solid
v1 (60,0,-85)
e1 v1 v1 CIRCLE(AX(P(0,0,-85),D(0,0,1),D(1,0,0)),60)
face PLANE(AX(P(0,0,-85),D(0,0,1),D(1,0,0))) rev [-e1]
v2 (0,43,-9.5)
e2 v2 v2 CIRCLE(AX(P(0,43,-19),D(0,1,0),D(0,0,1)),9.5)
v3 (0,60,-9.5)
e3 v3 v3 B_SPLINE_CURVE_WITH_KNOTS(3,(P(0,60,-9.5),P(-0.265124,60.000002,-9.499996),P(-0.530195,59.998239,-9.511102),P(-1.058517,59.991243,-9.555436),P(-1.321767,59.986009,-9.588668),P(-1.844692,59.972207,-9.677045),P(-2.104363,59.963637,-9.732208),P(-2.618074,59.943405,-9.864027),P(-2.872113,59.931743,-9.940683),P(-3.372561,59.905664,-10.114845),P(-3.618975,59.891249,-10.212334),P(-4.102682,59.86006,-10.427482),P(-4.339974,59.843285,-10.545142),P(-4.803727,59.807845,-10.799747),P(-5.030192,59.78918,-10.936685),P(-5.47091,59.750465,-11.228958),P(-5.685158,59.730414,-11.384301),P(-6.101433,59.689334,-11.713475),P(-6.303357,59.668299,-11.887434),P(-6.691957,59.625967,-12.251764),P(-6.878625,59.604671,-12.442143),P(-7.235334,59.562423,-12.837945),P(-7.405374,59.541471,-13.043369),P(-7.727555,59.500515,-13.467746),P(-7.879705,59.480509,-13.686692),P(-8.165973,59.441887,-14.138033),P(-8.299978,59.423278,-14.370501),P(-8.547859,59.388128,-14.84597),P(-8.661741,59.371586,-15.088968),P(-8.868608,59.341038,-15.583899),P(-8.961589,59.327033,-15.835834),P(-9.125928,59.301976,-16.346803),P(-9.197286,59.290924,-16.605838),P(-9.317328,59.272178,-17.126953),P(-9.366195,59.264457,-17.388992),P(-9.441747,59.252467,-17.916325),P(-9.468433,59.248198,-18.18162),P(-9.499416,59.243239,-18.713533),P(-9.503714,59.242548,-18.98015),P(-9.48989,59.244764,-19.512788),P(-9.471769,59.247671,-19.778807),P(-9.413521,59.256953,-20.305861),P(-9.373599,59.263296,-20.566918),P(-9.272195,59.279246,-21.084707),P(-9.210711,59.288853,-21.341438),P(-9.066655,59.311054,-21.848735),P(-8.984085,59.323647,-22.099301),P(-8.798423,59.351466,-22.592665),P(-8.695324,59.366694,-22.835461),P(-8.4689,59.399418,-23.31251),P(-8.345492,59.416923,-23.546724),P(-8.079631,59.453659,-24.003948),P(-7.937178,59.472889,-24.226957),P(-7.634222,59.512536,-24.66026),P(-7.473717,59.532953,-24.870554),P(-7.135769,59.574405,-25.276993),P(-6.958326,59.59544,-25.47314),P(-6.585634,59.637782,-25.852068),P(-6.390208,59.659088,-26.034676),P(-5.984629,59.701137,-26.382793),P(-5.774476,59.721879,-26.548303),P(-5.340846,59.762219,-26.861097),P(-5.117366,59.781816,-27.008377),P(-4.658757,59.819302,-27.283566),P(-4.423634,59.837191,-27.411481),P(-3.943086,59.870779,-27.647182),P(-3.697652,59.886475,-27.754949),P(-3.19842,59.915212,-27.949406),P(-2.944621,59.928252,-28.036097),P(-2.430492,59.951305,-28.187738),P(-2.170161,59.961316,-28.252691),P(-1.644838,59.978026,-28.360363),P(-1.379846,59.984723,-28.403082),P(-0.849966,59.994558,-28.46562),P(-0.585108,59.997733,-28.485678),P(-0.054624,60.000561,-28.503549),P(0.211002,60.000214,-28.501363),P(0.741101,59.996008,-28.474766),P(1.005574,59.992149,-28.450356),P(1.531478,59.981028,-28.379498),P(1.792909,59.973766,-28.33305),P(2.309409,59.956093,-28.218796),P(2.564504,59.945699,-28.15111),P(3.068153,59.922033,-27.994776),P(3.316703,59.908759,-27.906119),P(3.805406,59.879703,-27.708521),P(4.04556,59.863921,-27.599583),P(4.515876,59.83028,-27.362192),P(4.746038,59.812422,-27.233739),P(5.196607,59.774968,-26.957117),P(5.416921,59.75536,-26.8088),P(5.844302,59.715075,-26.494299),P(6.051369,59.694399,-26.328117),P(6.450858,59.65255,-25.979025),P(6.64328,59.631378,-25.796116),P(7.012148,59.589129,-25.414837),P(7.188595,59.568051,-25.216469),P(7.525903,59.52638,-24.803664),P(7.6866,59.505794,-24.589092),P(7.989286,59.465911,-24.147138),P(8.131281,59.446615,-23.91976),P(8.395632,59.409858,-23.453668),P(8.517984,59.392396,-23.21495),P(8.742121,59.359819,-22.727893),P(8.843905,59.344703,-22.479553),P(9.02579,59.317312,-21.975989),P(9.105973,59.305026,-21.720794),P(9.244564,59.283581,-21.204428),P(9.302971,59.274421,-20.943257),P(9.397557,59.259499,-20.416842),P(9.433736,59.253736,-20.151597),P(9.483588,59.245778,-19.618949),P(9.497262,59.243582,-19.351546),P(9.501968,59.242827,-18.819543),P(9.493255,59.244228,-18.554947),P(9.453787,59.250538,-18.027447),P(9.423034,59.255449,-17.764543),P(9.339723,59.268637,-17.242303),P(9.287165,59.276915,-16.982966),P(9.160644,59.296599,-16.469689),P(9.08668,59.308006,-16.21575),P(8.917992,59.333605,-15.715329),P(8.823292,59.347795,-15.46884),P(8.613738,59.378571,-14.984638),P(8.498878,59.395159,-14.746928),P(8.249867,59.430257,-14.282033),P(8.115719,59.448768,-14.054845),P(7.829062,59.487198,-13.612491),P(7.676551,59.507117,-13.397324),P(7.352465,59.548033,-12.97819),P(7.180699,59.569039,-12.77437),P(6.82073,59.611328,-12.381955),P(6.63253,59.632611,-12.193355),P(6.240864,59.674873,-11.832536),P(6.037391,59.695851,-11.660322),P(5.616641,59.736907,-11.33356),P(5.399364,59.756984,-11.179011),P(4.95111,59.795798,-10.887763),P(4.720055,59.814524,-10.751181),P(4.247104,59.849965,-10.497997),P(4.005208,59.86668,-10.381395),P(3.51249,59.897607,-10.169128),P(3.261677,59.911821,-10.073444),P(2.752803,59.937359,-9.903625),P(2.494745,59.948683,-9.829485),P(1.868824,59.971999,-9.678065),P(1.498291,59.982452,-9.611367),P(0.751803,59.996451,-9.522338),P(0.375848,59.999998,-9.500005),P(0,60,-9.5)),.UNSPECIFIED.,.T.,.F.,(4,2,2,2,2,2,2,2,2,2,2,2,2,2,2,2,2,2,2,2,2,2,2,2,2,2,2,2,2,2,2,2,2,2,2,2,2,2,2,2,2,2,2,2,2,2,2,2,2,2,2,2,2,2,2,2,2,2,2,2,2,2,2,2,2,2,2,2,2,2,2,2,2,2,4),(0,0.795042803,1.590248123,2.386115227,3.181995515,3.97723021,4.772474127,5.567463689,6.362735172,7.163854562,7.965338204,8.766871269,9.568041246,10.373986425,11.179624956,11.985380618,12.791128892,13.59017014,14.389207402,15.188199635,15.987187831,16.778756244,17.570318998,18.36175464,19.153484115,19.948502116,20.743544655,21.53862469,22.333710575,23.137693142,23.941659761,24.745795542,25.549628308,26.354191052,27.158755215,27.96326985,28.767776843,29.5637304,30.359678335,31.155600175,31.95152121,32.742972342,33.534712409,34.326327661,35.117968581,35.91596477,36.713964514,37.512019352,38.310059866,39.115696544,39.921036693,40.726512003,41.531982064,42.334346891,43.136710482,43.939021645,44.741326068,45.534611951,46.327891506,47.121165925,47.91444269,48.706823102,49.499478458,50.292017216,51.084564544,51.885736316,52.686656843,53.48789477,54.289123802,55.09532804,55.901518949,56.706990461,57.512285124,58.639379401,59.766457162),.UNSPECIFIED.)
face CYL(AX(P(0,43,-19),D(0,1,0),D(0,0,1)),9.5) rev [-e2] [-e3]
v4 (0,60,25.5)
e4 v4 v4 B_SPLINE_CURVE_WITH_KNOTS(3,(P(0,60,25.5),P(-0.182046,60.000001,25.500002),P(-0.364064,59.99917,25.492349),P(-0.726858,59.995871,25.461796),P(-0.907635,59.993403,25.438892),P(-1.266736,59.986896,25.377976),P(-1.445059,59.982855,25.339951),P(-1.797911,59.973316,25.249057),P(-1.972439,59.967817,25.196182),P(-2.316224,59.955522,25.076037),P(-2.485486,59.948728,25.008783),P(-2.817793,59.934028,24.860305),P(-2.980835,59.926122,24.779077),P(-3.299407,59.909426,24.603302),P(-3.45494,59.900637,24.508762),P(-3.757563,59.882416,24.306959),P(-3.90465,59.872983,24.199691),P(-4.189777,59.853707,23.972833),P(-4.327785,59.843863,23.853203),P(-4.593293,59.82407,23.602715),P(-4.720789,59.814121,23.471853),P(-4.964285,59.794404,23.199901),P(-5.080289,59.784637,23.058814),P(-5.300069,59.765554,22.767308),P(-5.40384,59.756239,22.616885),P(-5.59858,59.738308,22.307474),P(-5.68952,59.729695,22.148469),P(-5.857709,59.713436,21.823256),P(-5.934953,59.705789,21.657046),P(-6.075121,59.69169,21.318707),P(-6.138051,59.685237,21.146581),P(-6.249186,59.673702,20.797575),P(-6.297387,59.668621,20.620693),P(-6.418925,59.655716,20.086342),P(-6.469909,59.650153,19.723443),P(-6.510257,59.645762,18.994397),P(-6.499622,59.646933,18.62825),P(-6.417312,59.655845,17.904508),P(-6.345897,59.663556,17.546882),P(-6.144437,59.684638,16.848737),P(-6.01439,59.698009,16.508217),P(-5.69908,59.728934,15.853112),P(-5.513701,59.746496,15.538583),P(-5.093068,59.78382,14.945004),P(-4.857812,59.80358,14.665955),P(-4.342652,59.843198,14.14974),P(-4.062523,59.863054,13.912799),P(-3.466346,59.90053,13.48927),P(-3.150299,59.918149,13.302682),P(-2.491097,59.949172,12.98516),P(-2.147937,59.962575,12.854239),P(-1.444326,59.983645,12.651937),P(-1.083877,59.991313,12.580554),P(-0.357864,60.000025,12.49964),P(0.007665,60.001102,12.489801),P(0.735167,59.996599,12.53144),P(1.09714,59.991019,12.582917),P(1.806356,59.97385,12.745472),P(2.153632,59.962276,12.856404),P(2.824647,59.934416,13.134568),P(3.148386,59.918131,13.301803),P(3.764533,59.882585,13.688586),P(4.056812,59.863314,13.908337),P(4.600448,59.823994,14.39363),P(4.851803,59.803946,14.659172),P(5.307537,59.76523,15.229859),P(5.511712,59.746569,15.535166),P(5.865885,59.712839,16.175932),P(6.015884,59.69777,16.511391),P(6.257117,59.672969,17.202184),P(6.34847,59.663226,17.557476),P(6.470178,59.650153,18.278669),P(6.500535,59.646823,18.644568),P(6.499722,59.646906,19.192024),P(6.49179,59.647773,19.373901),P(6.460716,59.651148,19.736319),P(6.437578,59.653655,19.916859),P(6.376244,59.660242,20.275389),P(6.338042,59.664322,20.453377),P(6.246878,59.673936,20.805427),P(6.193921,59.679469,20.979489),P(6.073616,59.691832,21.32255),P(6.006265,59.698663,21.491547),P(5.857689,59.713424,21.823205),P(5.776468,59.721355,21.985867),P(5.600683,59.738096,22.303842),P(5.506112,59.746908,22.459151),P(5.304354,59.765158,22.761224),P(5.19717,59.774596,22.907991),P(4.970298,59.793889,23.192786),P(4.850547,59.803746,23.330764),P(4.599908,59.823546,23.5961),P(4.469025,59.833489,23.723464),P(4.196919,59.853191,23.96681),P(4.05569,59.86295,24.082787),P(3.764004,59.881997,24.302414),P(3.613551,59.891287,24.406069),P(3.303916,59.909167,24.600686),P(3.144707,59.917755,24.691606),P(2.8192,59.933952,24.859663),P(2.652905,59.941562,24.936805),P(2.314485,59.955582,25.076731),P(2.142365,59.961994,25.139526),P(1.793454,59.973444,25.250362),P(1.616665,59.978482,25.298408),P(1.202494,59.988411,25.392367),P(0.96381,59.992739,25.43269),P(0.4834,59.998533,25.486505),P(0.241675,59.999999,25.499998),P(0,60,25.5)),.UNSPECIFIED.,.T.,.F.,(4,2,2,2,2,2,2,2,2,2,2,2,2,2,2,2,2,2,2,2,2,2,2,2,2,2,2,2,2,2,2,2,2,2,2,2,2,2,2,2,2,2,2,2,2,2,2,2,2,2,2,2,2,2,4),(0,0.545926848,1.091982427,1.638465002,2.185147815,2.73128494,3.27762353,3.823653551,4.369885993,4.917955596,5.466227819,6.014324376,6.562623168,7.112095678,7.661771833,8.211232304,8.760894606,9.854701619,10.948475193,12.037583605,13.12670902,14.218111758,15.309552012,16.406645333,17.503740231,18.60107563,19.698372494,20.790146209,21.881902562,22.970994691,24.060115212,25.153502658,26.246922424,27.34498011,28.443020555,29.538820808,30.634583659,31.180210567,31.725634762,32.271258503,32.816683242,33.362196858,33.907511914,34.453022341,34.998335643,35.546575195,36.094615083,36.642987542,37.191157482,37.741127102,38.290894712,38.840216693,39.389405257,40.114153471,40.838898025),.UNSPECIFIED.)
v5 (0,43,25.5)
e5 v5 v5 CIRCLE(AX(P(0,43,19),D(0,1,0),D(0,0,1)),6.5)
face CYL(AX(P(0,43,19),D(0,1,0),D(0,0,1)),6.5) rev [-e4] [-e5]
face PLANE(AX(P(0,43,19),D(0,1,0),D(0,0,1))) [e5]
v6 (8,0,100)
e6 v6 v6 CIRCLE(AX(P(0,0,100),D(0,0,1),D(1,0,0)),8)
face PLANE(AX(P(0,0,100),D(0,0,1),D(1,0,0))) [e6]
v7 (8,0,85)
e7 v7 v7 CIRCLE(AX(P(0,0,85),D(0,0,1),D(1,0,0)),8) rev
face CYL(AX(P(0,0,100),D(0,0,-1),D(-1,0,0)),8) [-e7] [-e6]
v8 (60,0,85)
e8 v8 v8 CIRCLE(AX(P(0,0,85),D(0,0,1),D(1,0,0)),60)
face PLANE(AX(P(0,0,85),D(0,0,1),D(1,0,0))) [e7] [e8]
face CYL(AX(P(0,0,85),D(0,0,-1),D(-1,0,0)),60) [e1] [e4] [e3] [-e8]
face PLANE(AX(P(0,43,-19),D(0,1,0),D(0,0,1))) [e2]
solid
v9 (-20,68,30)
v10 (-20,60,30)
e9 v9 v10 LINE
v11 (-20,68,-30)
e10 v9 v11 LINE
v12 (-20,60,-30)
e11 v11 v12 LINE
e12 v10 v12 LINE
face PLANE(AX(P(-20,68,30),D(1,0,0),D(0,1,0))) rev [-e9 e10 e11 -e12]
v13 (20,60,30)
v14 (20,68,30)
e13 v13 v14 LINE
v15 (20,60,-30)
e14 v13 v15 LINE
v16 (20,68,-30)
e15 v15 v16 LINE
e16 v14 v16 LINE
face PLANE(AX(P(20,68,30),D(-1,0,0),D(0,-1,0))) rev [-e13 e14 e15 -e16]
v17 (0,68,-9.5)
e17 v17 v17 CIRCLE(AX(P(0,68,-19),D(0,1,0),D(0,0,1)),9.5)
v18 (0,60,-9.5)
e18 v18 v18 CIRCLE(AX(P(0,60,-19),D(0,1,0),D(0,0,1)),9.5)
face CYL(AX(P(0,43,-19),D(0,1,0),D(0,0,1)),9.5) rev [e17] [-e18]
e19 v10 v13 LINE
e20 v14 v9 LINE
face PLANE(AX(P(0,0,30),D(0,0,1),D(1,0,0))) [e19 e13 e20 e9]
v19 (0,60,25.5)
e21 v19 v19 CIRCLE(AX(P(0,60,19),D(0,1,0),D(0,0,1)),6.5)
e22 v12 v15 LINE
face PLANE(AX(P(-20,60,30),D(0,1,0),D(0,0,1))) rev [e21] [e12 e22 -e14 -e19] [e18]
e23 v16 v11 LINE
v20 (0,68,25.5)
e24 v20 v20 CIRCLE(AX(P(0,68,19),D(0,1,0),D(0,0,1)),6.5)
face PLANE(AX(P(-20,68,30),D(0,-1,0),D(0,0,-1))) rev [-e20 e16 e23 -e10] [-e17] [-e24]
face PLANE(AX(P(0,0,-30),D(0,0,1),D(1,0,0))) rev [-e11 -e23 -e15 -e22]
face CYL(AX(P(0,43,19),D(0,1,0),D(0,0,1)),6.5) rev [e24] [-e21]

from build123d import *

# Parameters (mm, degrees)
SKETCH1_R           = 60
BOSS_EXTRUDE2_DEPTH = 85
SKETCH2_W           = 40
SKETCH2_H           = 8
BOSS_EXTRUDE3_DEPTH = 30
SKETCH3_R           = 8
BOSS_EXTRUDE4_DEPTH = 15
SKETCH5_R           = 6.5
SKETCH5_R_2         = 9.5
CUT_EXTRUDE1_DEPTH  = 25


with BuildPart() as part:
    # Sketch1 → Boss-Extrude2 (new, symmetric)
    with BuildSketch(Plane.XY):
        Circle(SKETCH1_R)
    extrude(amount=BOSS_EXTRUDE2_DEPTH, both=True)

    # Sketch3 → Boss-Extrude4 (add, symmetric)
    with BuildSketch(Plane.XY.offset(85)):
        Circle(SKETCH3_R)
    extrude(amount=BOSS_EXTRUDE4_DEPTH, both=True)


with BuildPart() as body_2:
    # Sketch2 → Boss-Extrude3 (new, symmetric)
    with BuildSketch(Plane.XY):
        with Locations((0, 64)):
            Rectangle(SKETCH2_W, SKETCH2_H)
    extrude(amount=BOSS_EXTRUDE3_DEPTH, both=True)


with BuildPart() as cut_extrude1_tool:
    # Sketch5 → Cut-Extrude1 (new body)
    with BuildSketch(Plane(origin=(0, 68, 0), x_dir=(1, 0, 0), z_dir=(0, 1, 0))):
        with Locations(Location((0, -19, 0), (0, 0, 270))):
            Circle(SKETCH5_R)
        with Locations(Location((0, 19, 0), (0, 0, 270))):
            Circle(SKETCH5_R_2)
    extrude(amount=-CUT_EXTRUDE1_DEPTH)


with BuildPart() as part_1:
    add(part.part)

    # Cut-Extrude1: cut by cut_extrude1_tool
    add(cut_extrude1_tool.part, mode=Mode.SUBTRACT)


with BuildPart() as body_2_1:
    add(body_2.part)

    # Cut-Extrude1: cut by cut_extrude1_tool
    add(cut_extrude1_tool.part, mode=Mode.SUBTRACT)


solid = Compound([part_1.part, body_2_1.part])
